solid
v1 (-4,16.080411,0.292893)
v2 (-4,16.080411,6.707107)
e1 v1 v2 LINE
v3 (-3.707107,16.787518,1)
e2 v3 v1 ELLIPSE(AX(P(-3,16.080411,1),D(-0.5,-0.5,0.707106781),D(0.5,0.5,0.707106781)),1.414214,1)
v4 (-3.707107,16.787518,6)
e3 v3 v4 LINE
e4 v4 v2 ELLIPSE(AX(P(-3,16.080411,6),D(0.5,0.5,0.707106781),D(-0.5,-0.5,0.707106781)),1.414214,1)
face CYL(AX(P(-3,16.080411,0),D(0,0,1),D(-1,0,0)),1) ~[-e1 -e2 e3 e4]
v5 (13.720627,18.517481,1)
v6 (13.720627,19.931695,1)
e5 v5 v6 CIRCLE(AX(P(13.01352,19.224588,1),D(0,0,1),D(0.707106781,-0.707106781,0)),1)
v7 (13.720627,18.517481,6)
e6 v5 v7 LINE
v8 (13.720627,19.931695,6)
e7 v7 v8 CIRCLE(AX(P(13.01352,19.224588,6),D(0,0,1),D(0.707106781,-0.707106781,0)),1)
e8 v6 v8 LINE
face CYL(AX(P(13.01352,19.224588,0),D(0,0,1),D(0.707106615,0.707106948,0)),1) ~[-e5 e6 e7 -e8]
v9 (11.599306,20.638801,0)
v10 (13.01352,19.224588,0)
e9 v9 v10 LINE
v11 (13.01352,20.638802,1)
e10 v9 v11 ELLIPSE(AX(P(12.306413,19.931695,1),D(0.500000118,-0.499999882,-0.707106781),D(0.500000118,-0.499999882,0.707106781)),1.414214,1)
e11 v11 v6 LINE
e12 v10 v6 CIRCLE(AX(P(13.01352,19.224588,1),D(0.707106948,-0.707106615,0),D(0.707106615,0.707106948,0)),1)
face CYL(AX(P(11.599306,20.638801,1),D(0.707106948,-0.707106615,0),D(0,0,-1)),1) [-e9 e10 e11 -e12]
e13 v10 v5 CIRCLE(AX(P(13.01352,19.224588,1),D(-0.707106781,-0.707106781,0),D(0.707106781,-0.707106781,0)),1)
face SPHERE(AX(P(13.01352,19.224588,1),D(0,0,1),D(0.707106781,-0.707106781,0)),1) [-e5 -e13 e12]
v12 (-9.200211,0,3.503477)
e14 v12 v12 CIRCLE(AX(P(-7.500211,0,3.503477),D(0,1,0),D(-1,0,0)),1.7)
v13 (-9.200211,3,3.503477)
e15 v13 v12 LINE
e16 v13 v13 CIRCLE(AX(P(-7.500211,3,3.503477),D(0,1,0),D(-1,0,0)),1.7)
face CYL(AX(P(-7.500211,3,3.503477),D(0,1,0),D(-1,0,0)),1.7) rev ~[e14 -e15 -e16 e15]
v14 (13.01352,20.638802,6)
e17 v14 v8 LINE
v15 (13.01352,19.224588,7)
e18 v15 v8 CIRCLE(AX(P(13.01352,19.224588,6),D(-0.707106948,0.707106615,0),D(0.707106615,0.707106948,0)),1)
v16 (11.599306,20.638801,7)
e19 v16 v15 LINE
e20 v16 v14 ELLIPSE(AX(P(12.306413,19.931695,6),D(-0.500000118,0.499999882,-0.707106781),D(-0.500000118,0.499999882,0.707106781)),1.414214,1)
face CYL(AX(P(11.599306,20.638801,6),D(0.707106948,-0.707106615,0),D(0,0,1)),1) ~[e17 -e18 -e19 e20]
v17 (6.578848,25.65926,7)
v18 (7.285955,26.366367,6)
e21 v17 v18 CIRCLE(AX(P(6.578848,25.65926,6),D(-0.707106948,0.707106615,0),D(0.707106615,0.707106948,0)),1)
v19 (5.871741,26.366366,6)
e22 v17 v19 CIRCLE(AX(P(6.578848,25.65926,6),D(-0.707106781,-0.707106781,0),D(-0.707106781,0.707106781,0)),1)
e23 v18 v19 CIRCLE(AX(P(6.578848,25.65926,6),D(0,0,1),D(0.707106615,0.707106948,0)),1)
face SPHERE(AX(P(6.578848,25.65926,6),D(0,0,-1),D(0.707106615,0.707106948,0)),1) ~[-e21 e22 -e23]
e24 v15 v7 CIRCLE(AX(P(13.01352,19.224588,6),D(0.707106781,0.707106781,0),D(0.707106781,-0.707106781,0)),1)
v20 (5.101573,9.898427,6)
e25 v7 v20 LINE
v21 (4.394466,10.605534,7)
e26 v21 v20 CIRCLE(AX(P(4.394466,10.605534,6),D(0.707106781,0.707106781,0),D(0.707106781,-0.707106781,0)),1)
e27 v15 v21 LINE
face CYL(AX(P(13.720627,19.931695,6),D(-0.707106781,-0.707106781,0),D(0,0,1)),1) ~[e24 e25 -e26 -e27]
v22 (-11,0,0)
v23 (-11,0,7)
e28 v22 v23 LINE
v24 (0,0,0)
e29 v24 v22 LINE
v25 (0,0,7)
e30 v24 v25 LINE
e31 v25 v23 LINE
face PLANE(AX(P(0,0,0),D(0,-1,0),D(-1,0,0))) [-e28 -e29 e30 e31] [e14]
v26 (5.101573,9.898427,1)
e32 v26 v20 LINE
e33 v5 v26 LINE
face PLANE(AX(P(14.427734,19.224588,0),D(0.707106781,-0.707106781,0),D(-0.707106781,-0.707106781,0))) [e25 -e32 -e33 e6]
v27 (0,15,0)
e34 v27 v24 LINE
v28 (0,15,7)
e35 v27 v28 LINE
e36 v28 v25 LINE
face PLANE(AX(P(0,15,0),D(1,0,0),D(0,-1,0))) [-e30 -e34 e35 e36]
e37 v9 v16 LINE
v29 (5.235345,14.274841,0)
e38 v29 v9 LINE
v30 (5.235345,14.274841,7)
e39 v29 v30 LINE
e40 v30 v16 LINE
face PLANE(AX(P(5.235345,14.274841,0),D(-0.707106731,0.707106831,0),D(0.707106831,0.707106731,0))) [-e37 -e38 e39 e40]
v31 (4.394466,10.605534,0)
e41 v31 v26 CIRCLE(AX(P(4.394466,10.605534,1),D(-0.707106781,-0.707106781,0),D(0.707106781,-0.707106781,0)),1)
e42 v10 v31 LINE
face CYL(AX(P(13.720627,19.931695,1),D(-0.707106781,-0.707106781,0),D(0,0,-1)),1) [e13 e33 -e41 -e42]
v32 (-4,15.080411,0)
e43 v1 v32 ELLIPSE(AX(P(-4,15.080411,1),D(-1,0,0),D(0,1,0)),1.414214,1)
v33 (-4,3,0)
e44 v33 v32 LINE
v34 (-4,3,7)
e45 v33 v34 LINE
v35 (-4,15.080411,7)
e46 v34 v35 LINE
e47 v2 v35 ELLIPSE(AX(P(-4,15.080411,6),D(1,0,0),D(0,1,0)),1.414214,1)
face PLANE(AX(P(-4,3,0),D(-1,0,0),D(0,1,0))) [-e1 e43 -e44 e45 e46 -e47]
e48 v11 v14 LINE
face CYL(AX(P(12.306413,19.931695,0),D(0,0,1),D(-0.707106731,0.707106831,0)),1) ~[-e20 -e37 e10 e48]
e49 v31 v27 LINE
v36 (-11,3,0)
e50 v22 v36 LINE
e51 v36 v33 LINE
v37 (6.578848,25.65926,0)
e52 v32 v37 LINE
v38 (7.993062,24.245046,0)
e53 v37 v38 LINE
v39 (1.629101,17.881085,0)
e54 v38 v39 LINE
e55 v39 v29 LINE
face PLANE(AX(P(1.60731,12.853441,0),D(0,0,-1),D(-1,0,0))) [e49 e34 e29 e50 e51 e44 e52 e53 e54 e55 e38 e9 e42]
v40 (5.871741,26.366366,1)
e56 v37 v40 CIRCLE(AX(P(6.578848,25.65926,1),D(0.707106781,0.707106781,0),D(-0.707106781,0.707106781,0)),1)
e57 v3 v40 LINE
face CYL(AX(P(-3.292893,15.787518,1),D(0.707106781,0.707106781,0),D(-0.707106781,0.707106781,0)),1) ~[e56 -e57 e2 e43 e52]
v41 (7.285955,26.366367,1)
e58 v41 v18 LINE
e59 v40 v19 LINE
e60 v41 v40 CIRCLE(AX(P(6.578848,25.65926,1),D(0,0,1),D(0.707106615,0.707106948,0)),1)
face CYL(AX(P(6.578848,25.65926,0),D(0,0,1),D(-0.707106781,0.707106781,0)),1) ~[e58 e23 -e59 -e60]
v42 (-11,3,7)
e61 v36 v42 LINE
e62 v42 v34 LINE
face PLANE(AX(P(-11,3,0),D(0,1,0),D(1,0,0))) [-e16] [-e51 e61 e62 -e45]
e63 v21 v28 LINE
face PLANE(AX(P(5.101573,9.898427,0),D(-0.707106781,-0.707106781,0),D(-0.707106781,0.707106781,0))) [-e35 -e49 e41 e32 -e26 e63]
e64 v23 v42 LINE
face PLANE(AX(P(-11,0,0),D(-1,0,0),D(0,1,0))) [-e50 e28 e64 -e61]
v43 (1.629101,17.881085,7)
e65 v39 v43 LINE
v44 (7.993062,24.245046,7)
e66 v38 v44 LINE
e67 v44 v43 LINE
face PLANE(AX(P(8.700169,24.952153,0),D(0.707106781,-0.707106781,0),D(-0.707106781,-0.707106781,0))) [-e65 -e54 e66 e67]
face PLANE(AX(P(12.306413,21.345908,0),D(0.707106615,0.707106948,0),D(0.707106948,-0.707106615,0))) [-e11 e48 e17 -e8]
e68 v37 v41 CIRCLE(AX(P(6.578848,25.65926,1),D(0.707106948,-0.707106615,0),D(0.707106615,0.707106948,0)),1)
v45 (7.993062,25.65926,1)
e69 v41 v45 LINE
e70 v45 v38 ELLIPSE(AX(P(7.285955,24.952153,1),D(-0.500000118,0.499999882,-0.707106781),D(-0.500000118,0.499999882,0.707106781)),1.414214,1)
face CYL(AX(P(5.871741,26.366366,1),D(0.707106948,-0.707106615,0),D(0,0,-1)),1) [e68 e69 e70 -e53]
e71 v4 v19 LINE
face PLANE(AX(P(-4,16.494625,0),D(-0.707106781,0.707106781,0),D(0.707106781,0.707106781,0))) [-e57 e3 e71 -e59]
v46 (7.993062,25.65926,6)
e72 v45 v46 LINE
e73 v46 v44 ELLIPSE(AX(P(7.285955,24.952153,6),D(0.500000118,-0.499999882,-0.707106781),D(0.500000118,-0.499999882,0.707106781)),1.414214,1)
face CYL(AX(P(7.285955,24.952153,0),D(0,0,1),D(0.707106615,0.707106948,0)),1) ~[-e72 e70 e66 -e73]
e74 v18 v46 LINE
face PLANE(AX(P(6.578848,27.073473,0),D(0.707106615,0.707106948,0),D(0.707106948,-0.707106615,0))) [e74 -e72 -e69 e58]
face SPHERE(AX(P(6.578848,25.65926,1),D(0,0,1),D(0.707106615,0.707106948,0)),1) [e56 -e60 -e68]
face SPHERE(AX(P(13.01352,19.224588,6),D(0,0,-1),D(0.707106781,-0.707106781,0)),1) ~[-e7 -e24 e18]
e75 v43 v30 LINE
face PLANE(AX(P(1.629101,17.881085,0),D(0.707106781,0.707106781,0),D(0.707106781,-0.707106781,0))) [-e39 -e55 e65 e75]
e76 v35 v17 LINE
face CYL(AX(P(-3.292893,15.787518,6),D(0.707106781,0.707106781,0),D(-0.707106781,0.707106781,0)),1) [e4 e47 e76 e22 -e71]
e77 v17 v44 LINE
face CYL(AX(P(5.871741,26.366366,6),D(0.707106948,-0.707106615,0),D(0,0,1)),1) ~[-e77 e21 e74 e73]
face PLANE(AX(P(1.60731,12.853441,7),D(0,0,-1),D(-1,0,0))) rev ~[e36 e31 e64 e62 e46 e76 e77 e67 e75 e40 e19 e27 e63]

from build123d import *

# Parameters (mm, degrees)
PAD_DEPTH    = 7
SKETCH001_R  = 1.7
POCKET_DEPTH = 5
FILLET_R     = 1


with BuildPart() as part:
    # Sketch → Pad (new body)
    with BuildSketch(Plane.XY):
        Polygon((-4, 3), (-4, 16.494625), (6.578848, 27.073473), (8.700169, 24.952153), (1.629101, 17.881085), (5.235345, 14.274841), (12.306413, 21.345908), (14.427734, 19.224588), (5.101573, 9.898427), (0, 15), (0, 0), (-11, 0), (-11, 3), align=None)
    extrude(amount=PAD_DEPTH)

    # Sketch001 → Pocket (cut)
    with BuildSketch(Plane(origin=(0, 3, 0), x_dir=(-1, 0, 0), z_dir=(0, 1, 0))):
        with Locations((7.500211, 3.503477)):
            Circle(SKETCH001_R)
    extrude(amount=-POCKET_DEPTH, mode=Mode.SUBTRACT)

    # Fillet
    fillet_edges = [part.edges().sort_by_distance(p)[0] for p in [
        (8.700169, 24.952153, 3.5),
        (12.306413, 21.345908, 3.5),
        (7.639509, 26.012813, 7),
        (1.289424, 21.784049, 7),
        (6.578848, 27.073473, 3.5),
        (7.639509, 26.012813, 0),
        (1.289424, 21.784049, 0),
        (13.367073, 20.285248, 7),
        (13.367073, 20.285248, 0),
        (14.427734, 19.224588, 3.5),
        (9.764653, 14.561508, 7),
        (9.764653, 14.561508, 0),
        (-4, 16.494625, 3.5),
    ]]
    fillet(fillet_edges, radius=FILLET_R)


solid = part.part
